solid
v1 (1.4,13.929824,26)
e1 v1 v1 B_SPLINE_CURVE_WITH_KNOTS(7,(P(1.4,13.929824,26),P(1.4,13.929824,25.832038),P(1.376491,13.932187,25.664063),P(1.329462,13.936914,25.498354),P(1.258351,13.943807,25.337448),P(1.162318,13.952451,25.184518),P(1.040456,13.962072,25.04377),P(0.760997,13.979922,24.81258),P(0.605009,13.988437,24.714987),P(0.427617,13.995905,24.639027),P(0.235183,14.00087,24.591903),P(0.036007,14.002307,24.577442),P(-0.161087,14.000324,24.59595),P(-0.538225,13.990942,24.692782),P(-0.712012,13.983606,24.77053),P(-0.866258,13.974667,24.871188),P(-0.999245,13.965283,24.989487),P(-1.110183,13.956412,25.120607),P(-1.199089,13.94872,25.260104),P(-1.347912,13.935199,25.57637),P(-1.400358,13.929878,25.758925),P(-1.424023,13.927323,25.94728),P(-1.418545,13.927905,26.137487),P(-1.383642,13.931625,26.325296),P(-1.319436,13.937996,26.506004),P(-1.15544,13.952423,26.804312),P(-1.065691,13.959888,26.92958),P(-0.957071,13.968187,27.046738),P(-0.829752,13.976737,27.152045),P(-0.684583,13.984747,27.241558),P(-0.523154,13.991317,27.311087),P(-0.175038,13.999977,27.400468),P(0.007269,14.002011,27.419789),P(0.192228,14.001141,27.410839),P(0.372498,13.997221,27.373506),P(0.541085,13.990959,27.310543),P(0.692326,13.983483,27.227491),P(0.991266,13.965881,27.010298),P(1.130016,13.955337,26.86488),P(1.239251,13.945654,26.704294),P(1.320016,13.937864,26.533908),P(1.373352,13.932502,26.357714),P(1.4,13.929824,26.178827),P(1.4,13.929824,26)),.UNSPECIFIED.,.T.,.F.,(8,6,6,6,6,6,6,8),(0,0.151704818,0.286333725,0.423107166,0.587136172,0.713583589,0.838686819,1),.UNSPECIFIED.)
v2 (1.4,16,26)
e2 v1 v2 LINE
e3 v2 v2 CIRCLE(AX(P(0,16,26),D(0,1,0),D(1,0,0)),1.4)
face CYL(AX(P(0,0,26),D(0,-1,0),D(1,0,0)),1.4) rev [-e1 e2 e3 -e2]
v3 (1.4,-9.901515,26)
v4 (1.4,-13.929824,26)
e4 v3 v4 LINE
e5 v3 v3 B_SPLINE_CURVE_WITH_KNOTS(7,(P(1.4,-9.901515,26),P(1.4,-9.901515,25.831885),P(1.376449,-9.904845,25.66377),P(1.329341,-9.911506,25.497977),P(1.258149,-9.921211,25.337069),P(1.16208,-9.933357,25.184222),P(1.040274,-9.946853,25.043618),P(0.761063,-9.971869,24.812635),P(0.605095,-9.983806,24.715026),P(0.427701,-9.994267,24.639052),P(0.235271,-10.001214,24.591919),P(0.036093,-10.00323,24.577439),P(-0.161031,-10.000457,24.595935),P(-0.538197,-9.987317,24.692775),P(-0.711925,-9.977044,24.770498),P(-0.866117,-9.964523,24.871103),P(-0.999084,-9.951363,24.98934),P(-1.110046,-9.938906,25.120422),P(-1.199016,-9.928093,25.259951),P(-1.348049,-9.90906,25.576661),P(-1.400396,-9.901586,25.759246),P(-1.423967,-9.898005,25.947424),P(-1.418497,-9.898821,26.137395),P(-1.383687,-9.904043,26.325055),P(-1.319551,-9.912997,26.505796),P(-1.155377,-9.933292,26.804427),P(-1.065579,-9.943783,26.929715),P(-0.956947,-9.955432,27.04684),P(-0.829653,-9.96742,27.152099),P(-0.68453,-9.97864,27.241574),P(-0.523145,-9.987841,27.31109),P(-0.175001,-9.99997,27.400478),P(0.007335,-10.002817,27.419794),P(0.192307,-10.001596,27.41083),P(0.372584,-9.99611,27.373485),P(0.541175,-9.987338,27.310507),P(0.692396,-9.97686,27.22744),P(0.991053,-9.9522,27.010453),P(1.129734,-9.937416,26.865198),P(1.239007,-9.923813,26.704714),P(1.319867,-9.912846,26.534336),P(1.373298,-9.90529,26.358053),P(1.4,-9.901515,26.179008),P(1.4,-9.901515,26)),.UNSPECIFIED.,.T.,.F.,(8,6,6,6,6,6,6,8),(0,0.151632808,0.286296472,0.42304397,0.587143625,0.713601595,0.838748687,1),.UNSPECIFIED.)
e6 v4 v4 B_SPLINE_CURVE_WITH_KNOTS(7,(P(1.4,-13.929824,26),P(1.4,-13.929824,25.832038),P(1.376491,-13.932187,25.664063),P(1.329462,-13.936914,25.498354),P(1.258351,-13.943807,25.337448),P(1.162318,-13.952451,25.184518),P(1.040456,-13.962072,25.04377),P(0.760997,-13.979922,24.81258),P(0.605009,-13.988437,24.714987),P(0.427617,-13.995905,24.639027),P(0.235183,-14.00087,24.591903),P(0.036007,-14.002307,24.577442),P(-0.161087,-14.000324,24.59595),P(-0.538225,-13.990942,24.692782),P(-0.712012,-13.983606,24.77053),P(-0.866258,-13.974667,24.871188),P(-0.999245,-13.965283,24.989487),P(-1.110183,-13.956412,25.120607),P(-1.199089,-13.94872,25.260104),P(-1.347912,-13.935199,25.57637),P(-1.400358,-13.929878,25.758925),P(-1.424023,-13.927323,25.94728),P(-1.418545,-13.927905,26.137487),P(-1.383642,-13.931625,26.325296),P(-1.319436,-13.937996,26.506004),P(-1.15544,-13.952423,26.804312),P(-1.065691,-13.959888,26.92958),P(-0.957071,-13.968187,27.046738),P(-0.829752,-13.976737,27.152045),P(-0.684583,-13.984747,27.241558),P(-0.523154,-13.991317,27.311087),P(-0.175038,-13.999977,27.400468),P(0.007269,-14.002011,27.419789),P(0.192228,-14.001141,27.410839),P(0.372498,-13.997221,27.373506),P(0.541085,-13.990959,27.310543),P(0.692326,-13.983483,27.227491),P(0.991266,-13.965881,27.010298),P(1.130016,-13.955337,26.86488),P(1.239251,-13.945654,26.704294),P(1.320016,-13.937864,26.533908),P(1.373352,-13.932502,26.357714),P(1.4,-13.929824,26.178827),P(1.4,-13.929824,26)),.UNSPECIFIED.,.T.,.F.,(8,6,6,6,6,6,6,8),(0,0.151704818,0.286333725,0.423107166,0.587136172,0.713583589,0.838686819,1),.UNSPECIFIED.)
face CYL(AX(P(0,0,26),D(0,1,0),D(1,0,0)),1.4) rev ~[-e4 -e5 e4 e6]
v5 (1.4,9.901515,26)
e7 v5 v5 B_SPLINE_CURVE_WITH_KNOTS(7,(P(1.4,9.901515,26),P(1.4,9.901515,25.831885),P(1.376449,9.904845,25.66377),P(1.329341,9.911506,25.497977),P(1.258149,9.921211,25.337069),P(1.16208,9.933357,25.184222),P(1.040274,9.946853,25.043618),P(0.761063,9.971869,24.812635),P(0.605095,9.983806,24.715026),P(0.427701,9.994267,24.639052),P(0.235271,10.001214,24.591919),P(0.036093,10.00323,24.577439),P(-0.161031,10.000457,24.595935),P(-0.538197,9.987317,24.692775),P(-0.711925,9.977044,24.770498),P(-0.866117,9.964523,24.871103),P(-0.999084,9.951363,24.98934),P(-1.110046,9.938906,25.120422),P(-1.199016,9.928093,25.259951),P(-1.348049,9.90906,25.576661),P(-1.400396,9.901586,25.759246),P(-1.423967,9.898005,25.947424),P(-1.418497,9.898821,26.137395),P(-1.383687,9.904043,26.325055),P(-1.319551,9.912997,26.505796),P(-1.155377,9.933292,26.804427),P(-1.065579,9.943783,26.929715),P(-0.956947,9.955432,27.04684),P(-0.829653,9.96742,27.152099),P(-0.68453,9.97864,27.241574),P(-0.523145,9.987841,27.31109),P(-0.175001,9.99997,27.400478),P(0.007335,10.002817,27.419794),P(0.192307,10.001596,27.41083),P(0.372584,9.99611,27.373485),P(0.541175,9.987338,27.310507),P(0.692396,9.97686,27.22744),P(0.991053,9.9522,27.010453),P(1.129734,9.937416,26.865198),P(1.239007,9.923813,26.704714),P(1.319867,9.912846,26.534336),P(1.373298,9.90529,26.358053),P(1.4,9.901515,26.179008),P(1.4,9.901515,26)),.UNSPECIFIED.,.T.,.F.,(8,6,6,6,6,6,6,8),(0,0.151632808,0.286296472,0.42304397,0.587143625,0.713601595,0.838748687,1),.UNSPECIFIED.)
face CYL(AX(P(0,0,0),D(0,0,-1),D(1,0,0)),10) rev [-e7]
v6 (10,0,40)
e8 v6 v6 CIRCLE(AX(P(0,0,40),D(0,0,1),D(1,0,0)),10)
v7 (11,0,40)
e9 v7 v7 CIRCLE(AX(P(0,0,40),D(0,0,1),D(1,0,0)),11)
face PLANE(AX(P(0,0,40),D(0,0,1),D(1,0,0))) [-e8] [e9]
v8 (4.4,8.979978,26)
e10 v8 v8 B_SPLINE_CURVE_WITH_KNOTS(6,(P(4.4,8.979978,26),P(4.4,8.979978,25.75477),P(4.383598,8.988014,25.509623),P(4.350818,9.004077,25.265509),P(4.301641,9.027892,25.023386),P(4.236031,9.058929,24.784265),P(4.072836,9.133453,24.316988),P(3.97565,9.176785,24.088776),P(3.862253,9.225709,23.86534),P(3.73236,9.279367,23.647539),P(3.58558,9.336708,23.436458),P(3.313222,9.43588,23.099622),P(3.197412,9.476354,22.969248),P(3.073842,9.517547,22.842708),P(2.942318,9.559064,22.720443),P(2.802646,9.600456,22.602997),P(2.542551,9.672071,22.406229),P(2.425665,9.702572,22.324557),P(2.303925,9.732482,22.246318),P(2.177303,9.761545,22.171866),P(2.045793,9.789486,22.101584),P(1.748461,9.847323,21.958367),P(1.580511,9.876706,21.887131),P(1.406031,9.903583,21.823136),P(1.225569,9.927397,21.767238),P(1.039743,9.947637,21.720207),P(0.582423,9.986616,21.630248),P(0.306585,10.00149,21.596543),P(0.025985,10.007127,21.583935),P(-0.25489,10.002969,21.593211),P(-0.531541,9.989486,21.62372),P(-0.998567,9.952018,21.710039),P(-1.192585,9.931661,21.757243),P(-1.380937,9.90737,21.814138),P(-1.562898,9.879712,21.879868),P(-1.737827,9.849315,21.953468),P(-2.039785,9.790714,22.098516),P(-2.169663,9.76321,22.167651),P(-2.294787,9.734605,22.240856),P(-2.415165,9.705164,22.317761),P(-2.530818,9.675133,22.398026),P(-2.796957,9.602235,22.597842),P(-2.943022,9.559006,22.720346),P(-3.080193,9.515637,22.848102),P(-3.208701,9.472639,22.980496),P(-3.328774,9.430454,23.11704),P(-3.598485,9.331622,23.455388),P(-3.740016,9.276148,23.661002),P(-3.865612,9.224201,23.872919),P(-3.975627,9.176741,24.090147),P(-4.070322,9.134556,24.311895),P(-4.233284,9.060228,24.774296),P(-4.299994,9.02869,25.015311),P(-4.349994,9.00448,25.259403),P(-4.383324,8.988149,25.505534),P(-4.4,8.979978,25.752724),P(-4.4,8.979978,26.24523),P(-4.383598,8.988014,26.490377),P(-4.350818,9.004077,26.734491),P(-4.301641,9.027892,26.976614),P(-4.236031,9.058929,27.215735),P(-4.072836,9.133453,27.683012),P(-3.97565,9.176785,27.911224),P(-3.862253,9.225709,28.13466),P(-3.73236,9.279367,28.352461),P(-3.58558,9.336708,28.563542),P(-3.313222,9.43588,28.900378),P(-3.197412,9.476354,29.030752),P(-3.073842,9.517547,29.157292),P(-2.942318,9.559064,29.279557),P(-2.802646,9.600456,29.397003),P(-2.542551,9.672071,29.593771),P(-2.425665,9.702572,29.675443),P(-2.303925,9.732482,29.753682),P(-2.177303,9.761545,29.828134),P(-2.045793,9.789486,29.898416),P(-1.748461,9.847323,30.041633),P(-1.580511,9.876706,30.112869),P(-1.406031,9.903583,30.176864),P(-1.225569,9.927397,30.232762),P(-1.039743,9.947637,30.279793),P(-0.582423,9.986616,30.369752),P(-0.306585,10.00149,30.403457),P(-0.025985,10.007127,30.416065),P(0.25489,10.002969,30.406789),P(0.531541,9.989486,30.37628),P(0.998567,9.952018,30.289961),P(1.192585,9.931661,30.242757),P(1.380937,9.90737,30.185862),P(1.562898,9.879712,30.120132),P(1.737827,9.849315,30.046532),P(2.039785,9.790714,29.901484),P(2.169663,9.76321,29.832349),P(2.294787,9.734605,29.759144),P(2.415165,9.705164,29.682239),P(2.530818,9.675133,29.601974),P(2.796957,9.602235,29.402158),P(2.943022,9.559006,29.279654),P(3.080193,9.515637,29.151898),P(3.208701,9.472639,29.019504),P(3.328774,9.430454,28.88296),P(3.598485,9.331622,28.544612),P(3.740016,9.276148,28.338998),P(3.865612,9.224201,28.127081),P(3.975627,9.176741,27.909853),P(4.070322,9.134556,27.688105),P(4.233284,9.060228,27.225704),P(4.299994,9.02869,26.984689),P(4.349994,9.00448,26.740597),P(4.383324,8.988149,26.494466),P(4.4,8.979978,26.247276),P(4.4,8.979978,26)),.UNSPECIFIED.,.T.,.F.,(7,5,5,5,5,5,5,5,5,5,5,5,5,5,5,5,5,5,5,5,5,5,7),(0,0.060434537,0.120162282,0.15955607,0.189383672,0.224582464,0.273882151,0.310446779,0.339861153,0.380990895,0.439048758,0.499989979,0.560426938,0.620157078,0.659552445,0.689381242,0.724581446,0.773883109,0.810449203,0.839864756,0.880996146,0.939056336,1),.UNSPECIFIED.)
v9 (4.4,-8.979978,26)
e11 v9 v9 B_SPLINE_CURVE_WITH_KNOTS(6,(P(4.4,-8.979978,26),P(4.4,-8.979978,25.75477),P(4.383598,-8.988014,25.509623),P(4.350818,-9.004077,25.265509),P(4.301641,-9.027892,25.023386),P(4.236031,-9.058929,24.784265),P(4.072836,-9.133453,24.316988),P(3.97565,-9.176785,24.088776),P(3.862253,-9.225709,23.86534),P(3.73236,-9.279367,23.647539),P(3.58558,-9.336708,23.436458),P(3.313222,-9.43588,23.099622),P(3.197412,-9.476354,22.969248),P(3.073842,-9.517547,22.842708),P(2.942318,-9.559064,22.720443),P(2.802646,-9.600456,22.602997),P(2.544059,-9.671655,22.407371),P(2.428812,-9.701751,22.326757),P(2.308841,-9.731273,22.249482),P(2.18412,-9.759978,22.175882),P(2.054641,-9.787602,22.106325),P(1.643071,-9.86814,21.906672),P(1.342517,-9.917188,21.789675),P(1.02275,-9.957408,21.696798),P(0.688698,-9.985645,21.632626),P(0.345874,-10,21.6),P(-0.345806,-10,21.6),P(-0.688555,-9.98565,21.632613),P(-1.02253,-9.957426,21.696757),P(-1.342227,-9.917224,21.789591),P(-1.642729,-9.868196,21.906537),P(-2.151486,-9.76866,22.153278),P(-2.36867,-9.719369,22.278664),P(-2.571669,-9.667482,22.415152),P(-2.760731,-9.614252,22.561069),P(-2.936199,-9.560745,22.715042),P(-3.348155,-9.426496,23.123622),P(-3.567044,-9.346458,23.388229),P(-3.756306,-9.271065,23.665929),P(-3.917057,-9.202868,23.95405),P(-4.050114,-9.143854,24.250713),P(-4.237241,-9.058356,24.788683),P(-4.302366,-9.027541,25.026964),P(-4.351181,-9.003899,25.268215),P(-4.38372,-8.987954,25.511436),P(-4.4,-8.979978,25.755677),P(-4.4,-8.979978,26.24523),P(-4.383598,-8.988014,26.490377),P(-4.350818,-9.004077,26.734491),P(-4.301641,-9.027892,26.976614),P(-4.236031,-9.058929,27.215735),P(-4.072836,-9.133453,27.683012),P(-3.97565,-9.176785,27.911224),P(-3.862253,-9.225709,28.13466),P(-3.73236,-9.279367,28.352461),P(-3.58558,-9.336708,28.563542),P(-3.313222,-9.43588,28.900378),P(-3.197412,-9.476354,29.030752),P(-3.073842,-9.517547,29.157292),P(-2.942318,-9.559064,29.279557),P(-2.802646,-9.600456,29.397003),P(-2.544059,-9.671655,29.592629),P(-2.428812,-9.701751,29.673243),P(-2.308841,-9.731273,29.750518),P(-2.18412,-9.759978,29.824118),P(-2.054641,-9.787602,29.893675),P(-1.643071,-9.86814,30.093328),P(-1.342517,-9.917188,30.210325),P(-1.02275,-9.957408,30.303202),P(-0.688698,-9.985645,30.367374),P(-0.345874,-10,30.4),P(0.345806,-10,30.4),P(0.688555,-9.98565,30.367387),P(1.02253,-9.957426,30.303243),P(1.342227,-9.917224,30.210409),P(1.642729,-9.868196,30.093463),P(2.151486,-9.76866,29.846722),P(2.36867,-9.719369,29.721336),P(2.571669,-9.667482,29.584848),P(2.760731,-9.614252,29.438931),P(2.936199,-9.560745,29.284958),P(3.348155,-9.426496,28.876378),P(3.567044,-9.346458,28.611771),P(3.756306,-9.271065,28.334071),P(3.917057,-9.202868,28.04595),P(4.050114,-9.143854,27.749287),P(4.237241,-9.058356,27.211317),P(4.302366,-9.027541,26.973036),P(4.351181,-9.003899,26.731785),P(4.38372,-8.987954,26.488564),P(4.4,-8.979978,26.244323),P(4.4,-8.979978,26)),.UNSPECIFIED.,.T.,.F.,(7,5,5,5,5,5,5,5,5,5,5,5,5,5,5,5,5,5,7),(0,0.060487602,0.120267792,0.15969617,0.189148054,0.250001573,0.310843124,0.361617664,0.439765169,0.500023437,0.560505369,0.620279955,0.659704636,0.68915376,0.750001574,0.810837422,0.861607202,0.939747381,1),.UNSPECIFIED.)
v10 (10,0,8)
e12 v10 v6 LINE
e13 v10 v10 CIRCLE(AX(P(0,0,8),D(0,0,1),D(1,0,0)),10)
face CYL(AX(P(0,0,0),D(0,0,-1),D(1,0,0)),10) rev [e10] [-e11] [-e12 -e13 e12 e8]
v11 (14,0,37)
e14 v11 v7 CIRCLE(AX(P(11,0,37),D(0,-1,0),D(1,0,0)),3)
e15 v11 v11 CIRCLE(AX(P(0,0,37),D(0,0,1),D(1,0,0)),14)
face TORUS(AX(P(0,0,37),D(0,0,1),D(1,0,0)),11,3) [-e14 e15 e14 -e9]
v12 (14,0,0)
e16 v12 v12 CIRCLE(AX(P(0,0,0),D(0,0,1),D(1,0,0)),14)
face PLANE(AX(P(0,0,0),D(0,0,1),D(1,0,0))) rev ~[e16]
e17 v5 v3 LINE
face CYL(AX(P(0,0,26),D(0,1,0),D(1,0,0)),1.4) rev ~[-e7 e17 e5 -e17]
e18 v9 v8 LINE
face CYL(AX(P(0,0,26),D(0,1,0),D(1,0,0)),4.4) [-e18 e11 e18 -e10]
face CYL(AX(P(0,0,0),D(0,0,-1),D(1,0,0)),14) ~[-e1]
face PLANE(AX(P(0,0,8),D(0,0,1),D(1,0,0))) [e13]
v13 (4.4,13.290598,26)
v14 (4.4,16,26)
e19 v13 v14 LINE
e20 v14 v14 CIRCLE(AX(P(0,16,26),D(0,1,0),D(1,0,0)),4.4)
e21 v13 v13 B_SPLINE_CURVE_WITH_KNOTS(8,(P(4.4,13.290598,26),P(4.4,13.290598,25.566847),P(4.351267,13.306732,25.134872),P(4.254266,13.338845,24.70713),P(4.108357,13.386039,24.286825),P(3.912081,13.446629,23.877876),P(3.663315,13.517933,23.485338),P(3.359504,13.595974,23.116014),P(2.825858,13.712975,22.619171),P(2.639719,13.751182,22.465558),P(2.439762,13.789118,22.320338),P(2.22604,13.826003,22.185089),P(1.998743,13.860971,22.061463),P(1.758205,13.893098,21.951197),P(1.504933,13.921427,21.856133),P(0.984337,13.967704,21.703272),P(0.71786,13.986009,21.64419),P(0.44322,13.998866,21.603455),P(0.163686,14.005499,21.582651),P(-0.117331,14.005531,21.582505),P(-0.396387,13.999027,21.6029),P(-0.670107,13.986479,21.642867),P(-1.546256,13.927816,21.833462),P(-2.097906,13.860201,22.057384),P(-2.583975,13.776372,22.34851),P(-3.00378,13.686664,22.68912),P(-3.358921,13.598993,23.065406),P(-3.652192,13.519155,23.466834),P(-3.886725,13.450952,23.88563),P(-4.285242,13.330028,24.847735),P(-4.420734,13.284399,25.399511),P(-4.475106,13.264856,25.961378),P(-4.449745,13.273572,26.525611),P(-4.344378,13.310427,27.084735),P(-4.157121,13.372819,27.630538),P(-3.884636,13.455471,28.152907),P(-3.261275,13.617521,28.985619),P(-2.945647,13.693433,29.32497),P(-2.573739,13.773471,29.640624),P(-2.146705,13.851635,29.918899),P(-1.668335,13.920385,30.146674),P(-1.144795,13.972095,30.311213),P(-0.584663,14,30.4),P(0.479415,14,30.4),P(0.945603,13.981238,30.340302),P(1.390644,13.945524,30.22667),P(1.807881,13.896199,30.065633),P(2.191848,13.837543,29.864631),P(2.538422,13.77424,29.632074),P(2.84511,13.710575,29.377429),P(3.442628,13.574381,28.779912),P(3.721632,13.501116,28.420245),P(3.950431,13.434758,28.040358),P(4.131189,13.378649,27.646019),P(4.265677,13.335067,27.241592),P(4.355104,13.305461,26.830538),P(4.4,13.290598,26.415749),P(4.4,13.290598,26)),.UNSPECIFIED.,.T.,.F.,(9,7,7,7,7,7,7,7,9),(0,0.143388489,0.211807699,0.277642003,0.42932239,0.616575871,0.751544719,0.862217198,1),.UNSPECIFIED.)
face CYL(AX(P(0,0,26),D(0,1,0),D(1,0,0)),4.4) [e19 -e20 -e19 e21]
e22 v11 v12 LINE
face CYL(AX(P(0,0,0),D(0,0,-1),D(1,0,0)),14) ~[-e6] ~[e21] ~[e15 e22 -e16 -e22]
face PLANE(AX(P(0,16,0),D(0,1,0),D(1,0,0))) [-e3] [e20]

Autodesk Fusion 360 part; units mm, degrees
sketch "Sketch1" plane through (0, 0, 0) normal (0, 0, 1) x (1, 0, 0)
  circle A0 centre (0, 0) radius 10
  circle A1 centre (0, 0) radius 14
  dimension "d1" = 20
  dimension "d2" = 28
extrude "Extrude3" add sketch "Sketch1" along normal blind 7 contours A0 | A1 makes body 1
extrude "Extrude2" add sketch "Sketch1" along normal blind 8 separate body contours A0 makes body 2
extrude "Extrude1" add sketch "Sketch1" along normal blind 40 separate body makes body 3
fillet "Fillet1" radius 3 1 edges at (-13.0526, -5.0626, 40) on bodies 3
combine "Combine1" operation add target body 3 tool bodies 1 2
sketch "Sketch2" plane through (0, 0, 0) normal (0, 1, 0) x (1, 0, 0)
  circle A0 centre (0, -26) radius 1.4
  circle A1 centre (0, -26) radius 4.4
  dimension "d10" = 2.8
  dimension "d11" = 3
extrude "Extrude5" cut sketch "Sketch2" along normal up to surface contours A0 end surface at (13.9304, -1.3939, 12.3333) on bodies 3 bodies 3
extrude "Extrude4" add sketch "Sketch2" along normal up to surface and the other way blind -16 end surface at (-2.9183, -9.5647, 24.6793) on bodies 3 bodies 3
